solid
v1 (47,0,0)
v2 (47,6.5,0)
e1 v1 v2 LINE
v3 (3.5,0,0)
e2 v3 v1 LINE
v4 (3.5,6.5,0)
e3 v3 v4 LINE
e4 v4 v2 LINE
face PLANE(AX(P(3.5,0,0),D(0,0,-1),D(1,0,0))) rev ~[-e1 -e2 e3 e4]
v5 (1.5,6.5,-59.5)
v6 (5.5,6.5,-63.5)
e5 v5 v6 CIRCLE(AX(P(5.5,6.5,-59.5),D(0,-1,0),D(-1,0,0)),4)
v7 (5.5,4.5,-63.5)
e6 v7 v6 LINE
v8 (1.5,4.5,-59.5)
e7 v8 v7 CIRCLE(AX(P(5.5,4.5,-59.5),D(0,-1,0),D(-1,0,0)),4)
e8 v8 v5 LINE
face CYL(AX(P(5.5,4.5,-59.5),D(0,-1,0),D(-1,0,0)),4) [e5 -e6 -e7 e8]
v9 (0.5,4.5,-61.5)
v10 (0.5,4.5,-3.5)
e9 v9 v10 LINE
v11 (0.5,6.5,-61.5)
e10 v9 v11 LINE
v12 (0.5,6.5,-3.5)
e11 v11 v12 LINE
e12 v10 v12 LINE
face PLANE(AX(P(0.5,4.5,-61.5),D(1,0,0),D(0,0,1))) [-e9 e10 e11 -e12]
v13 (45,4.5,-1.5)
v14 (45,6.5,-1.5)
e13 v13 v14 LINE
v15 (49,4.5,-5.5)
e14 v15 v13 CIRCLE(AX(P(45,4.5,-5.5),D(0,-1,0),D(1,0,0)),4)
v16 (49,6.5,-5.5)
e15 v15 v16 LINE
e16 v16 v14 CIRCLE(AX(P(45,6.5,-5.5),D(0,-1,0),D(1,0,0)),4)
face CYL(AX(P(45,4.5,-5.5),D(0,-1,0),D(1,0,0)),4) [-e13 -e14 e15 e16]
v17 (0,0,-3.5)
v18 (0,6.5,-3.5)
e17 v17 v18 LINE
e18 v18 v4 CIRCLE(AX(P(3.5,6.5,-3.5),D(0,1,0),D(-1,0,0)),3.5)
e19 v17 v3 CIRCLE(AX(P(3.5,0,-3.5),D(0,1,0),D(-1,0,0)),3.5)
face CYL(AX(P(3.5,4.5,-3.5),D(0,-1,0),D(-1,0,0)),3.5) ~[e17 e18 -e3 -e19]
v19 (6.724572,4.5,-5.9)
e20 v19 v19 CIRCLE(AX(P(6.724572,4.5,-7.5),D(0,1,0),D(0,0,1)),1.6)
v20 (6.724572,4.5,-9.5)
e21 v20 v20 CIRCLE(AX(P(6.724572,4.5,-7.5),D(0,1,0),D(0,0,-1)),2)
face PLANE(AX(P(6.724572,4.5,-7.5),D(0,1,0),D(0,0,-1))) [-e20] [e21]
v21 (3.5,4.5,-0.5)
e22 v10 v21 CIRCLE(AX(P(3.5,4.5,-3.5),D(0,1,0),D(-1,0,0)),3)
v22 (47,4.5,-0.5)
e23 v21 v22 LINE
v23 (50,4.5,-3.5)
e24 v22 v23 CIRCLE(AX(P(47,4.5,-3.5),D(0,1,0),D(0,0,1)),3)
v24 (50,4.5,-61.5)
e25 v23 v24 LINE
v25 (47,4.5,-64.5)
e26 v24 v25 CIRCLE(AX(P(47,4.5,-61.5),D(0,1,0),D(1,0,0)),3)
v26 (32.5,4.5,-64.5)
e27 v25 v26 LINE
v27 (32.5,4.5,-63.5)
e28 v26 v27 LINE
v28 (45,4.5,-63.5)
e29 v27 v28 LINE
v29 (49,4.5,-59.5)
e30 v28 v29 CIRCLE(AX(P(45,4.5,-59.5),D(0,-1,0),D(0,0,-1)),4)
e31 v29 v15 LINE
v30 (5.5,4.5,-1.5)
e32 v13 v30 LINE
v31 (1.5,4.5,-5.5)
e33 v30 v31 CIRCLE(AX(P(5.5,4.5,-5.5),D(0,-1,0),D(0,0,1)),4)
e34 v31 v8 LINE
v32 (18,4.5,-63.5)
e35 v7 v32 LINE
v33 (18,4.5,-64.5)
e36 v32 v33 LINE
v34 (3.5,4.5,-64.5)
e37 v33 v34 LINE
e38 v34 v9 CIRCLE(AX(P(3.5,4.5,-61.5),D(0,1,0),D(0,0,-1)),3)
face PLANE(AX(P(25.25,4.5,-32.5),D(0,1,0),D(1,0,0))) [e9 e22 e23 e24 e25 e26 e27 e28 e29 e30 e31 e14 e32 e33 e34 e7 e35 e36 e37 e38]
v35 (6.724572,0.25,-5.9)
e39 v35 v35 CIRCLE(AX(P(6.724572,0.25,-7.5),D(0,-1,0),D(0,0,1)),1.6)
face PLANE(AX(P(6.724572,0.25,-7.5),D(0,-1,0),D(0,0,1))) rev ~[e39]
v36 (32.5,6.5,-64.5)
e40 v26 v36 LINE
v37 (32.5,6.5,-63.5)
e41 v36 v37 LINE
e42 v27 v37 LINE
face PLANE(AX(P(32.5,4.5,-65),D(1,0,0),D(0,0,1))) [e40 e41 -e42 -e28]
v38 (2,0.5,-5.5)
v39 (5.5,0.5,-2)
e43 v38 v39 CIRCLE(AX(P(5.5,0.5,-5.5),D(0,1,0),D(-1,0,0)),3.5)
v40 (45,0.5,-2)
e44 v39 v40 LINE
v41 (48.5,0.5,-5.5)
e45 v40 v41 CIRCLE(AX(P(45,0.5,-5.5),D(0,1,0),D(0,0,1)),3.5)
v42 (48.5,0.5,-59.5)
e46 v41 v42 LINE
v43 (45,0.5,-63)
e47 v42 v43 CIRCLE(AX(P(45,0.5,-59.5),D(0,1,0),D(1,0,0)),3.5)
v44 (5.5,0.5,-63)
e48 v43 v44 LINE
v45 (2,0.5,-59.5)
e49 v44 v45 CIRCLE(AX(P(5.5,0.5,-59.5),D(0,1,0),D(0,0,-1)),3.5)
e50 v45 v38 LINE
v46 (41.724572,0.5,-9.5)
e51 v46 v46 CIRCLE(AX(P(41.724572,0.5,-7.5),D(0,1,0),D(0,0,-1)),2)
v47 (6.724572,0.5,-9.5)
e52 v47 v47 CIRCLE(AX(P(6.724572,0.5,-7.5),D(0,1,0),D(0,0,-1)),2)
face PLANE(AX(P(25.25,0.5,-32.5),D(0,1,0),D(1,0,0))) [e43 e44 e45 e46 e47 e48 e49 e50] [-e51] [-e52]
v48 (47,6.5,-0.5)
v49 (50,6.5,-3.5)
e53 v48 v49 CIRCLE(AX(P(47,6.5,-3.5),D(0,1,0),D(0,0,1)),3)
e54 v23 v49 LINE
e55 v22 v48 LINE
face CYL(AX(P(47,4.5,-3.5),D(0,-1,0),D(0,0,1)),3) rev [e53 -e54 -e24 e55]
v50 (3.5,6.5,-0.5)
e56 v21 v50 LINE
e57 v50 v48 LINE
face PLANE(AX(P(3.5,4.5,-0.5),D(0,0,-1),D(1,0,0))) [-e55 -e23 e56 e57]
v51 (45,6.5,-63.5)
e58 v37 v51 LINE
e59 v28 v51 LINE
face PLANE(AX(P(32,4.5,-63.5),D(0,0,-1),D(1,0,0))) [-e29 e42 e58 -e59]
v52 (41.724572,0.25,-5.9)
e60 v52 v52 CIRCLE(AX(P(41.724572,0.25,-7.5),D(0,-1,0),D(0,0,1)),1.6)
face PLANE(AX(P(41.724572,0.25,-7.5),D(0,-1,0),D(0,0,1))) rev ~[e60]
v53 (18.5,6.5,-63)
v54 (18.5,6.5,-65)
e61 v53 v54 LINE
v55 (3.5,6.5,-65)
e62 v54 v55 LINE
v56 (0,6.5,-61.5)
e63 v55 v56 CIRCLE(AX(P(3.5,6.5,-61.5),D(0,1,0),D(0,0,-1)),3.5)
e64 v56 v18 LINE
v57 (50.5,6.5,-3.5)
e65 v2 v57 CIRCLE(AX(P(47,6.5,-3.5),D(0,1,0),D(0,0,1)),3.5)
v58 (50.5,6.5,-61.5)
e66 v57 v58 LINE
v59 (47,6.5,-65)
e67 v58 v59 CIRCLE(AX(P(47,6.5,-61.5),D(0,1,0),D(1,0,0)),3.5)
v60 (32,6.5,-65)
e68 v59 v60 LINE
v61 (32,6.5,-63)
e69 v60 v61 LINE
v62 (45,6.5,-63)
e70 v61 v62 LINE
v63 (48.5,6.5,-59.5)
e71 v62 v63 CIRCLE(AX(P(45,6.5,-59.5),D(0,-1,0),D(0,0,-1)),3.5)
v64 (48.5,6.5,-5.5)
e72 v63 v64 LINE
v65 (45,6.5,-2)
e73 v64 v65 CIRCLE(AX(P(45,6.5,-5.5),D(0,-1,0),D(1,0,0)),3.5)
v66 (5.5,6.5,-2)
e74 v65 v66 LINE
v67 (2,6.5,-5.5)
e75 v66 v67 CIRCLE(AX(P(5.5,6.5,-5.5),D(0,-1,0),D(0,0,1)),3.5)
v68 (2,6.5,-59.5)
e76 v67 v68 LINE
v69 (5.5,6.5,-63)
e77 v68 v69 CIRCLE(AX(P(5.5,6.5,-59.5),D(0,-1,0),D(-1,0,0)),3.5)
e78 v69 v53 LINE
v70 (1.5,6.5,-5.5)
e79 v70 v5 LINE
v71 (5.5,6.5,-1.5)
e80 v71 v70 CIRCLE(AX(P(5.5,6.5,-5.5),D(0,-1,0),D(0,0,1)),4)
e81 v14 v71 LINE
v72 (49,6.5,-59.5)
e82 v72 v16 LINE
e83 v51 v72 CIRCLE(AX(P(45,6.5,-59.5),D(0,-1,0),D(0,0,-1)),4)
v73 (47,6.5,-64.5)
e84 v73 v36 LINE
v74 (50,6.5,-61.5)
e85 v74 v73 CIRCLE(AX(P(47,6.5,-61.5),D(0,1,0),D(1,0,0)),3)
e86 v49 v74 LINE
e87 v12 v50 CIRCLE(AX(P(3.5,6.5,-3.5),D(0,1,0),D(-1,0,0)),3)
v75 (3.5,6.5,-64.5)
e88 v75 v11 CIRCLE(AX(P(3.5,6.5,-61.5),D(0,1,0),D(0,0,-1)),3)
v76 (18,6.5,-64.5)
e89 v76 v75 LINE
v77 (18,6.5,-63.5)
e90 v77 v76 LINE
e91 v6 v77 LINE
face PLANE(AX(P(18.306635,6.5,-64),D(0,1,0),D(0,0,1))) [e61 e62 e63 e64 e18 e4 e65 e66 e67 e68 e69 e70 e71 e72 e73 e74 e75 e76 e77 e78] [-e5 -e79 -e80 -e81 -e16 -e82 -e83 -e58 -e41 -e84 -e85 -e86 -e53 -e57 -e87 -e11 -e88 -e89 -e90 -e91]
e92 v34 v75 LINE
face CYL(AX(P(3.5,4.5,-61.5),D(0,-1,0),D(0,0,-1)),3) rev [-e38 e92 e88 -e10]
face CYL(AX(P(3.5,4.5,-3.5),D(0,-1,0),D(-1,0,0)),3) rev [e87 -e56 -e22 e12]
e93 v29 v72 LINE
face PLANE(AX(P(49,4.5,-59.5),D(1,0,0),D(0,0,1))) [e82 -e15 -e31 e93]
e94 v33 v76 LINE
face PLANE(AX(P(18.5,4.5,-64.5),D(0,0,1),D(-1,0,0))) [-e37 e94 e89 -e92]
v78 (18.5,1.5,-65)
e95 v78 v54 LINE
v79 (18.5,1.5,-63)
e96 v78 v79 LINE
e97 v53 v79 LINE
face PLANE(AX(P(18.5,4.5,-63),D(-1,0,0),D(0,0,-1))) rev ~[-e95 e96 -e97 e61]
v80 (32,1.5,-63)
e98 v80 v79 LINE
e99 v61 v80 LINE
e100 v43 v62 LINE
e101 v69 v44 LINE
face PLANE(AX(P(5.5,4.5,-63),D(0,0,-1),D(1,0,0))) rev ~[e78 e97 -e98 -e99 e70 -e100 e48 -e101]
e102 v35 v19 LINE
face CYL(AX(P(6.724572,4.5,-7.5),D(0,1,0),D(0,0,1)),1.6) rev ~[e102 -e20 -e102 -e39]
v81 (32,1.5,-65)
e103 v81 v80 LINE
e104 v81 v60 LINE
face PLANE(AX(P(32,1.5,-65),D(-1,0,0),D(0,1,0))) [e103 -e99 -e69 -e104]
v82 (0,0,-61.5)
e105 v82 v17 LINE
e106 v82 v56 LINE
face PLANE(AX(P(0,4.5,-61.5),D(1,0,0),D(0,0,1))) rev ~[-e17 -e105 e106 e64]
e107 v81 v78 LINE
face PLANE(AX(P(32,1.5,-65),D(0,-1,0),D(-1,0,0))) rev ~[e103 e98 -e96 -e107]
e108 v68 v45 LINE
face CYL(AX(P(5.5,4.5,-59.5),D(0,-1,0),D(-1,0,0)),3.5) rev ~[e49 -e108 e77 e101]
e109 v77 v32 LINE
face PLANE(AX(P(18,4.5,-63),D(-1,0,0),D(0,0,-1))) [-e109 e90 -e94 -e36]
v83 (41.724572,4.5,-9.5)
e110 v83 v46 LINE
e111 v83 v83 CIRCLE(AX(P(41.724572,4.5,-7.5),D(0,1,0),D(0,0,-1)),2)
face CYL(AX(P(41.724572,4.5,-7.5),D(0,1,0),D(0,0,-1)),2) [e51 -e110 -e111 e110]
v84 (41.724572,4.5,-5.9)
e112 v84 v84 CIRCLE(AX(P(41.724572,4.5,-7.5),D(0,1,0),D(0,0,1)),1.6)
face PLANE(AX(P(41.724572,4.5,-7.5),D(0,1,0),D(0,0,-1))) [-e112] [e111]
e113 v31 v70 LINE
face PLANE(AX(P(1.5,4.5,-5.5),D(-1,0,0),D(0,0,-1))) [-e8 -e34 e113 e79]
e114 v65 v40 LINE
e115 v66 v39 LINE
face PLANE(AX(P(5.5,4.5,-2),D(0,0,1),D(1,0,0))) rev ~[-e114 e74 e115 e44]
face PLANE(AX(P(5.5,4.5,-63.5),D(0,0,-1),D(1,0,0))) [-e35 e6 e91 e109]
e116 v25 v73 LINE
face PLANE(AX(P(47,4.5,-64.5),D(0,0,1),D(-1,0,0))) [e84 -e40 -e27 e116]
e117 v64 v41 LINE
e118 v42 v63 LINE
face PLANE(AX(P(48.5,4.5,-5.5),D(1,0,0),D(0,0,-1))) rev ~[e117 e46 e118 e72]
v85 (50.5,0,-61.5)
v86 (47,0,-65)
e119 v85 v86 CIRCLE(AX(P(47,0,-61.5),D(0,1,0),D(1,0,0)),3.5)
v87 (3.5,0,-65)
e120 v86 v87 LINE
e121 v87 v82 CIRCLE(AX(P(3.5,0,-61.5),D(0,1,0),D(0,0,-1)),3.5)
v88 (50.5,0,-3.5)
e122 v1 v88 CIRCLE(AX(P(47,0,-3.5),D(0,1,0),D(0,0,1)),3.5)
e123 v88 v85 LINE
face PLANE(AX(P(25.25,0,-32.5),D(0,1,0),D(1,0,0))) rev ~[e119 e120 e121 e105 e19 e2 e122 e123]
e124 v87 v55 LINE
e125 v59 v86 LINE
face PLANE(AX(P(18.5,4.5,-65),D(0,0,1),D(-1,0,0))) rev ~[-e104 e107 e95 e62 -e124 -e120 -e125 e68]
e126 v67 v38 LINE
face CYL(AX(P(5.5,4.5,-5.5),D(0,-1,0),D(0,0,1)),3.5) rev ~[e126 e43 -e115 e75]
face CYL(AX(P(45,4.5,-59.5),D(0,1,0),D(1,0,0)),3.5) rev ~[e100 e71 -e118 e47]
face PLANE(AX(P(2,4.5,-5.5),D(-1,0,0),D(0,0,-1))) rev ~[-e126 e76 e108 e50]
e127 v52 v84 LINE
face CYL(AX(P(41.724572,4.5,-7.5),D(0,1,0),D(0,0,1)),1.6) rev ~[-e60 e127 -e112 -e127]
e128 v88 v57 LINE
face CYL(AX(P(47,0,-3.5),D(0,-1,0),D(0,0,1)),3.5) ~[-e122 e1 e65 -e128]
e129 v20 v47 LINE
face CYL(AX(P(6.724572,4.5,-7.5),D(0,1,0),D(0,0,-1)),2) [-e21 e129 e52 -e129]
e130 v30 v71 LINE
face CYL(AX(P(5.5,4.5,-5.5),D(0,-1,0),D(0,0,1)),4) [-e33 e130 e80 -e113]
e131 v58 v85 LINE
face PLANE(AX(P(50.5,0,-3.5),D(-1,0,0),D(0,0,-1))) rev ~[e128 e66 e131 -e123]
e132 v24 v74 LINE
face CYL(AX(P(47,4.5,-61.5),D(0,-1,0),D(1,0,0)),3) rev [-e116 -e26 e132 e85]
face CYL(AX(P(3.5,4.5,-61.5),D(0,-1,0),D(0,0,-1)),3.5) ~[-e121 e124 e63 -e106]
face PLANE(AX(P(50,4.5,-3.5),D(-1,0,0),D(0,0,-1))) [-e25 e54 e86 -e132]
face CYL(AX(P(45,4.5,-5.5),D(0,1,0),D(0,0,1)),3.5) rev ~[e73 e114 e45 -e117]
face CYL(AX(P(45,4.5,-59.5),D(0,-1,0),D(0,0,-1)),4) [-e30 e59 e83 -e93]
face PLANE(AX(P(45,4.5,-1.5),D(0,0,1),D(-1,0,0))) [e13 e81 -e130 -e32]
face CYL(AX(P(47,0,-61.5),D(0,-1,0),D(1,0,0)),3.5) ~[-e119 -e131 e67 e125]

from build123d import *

# Parameters (mm, degrees)
BOSS_EXTRUDE1_DEPTH         = 4.5
CUT_EXTRUDE1_DEPTH          = 4
SKETCH3_W                   = 13.5
SKETCH3_H                   = 6
CUT_EXTRUDE3_DEPTH          = 15
SKETCH4_R                   = 1.6
CUT_EXTRUDE4_DEPTH          = 40
SALIENTE_EXTRUIR1_START     = 4
CROQUIS1_R                  = 2
CROQUIS1_R_2                = 1.6
SALIENTE_EXTRUIR1_DEPTH     = 4
SUPERFICIE_EXTRUIR2_1_DEPTH = 2
DAR_ESPESOR1_T1             = 0.5
SALIENTE_EXTRUIR2_START     = -0.25
CROQUIS3_R                  = 1.6
SALIENTE_EXTRUIR2_DEPTH     = 0.25


with BuildPart() as part:
    # Sketch1 → Boss-Extrude1 (new body)
    with BuildSketch(Plane(origin=(0, 0, 0), x_dir=(1, 0, 0), z_dir=(0, 1, 0))):
        with BuildLine():
            Line((3.5, 0), (47, 0))
            ThreePointArc((47, 0), (49.474873734, 1.025126266), (50.5, 3.5))
            Line((50.5, 3.5), (50.5, 61.5))
            ThreePointArc((50.5, 61.5), (49.474873734, 63.974873734), (47, 65))
            Line((47, 65), (3.5, 65))
            ThreePointArc((3.5, 65), (1.025126266, 63.974873734), (0, 61.5))
            Line((0, 61.5), (0, 3.5))
            ThreePointArc((0, 3.5), (1.025126266, 1.025126266), (3.5, 0))
        make_face()
    extrude(amount=BOSS_EXTRUDE1_DEPTH)

    # Sketch2 → Cut-Extrude1 (cut)
    with BuildSketch(Plane(origin=(0, 4.5, 0), x_dir=(1, 0, 0), z_dir=(0, 1, 0))):
        with BuildLine():
            Line((5.5, 2), (45, 2))
            ThreePointArc((45, 2), (47.474873734, 3.025126266), (48.5, 5.5))
            Line((48.5, 5.5), (48.5, 59.5))
            ThreePointArc((48.5, 59.5), (47.474873734, 61.974873734), (45, 63))
            Line((45, 63), (5.5, 63))
            ThreePointArc((5.5, 63), (3.025126266, 61.974873734), (2, 59.5))
            Line((2, 59.5), (2, 5.5))
            ThreePointArc((2, 5.5), (3.025126266, 3.025126266), (5.5, 2))
        make_face()
    extrude(amount=-CUT_EXTRUDE1_DEPTH, mode=Mode.SUBTRACT)

    # Sketch3 → Cut-Extrude3 (cut)
    with BuildSketch(Plane(origin=(0, 0, -65), x_dir=(-1, 0, 0), z_dir=(0, 0, -1))):
        with Locations((-25.25, 4.5)):
            Rectangle(SKETCH3_W, SKETCH3_H)
    extrude(amount=-CUT_EXTRUDE3_DEPTH, mode=Mode.SUBTRACT)

    # Sketch4 → Cut-Extrude4 (cut)
    with BuildSketch(Plane(origin=(0, 0.5, 0), x_dir=(1, 0, 0), z_dir=(0, 1, 0))):
        with Locations(Location((6.724572176, 7.5, 0), (0, 0, 270))):
            Circle(SKETCH4_R)
        with Locations(Location((41.724572176, 7.5, 0), (0, 0, 270))):
            Circle(SKETCH4_R)
    extrude(amount=-CUT_EXTRUDE4_DEPTH, mode=Mode.SUBTRACT)

    # Croquis1 → Saliente-Extruir1 (add)
    # profile 1 of 2: a face of its own
    with BuildSketch(Plane(origin=(0, 0.5, 0), x_dir=(1, 0, 0), z_dir=(0, 1, 0)).offset(SALIENTE_EXTRUIR1_START)):
        with Locations(Location((6.724572176, 7.5, 0), (0, 0, 90))):
            Circle(CROQUIS1_R)
        with Locations(Location((6.724572176, 7.5, 0), (0, 0, 270))):
            Circle(CROQUIS1_R_2, mode=Mode.SUBTRACT)
    # profile 2 of 2: a face of its own
    with BuildSketch(Plane(origin=(0, 0.5, 0), x_dir=(1, 0, 0), z_dir=(0, 1, 0)).offset(SALIENTE_EXTRUIR1_START)):
        with Locations(Location((41.724572176, 7.5, 0), (0, 0, 90))):
            Circle(CROQUIS1_R)
        with Locations(Location((41.724572176, 7.5, 0), (0, 0, 270))):
            Circle(CROQUIS1_R_2, mode=Mode.SUBTRACT)
    extrude(amount=-SALIENTE_EXTRUIR1_DEPTH)

    # Superficie-Extruir2: a surface, the sketch's curves swept straight by 2 mm
    with BuildLine(Plane(origin=(0, 4.5, 0), x_dir=(1, 0, 0), z_dir=(0, 1, 0)), mode=Mode.PRIVATE) as superficie_extruir2_1_path:
        Line((18.5, 63), (18.5, 65))
        Line((18.5, 65), (3.5, 65))
        ThreePointArc((3.5, 65), (1.025126266, 63.974873734), (0, 61.5))
        Line((0, 61.5), (0, 3.5))
        ThreePointArc((0, 3.5), (1.025126266, 1.025126266), (3.5, 0))
        Line((3.5, 0), (47, 0))
        ThreePointArc((47, 0), (49.474873734, 1.025126266), (50.5, 3.5))
        Line((50.5, 3.5), (50.5, 61.5))
        ThreePointArc((50.5, 61.5), (49.474873734, 63.974873734), (47, 65))
        Line((47, 65), (32, 65))
        Line((32, 65), (32, 63))
        Line((32, 63), (45, 63))
        ThreePointArc((45, 63), (47.474873734, 61.974873734), (48.5, 59.5))
        Line((48.5, 59.5), (48.5, 5.5))
        ThreePointArc((48.5, 5.5), (47.474873734, 3.025126266), (45, 2))
        Line((45, 2), (5.5, 2))
        ThreePointArc((5.5, 2), (3.025126266, 3.025126266), (2, 5.5))
        Line((2, 5.5), (2, 59.5))
        ThreePointArc((2, 59.5), (3.025126266, 61.974873734), (5.5, 63))
        Line((5.5, 63), (18.5, 63))
    superficie_extruir2_1 = Shell.extrude(superficie_extruir2_1_path.wire(), (0 * SUPERFICIE_EXTRUIR2_1_DEPTH, 1 * SUPERFICIE_EXTRUIR2_1_DEPTH, 0 * SUPERFICIE_EXTRUIR2_1_DEPTH))
    add(Solid.thicken(superficie_extruir2_1, DAR_ESPESOR1_T1))

    # Croquis3 → Saliente-Extruir2 (add)
    with BuildSketch(Plane.XZ.offset(SALIENTE_EXTRUIR2_START)):
        with Locations(Location((6.724572176, -7.5, 0), (0, 0, 90))):
            Circle(CROQUIS3_R)
        with Locations(Location((41.724572176, -7.5, 0), (0, 0, 90))):
            Circle(CROQUIS3_R)
    extrude(amount=SALIENTE_EXTRUIR2_DEPTH)


solid = part.part
